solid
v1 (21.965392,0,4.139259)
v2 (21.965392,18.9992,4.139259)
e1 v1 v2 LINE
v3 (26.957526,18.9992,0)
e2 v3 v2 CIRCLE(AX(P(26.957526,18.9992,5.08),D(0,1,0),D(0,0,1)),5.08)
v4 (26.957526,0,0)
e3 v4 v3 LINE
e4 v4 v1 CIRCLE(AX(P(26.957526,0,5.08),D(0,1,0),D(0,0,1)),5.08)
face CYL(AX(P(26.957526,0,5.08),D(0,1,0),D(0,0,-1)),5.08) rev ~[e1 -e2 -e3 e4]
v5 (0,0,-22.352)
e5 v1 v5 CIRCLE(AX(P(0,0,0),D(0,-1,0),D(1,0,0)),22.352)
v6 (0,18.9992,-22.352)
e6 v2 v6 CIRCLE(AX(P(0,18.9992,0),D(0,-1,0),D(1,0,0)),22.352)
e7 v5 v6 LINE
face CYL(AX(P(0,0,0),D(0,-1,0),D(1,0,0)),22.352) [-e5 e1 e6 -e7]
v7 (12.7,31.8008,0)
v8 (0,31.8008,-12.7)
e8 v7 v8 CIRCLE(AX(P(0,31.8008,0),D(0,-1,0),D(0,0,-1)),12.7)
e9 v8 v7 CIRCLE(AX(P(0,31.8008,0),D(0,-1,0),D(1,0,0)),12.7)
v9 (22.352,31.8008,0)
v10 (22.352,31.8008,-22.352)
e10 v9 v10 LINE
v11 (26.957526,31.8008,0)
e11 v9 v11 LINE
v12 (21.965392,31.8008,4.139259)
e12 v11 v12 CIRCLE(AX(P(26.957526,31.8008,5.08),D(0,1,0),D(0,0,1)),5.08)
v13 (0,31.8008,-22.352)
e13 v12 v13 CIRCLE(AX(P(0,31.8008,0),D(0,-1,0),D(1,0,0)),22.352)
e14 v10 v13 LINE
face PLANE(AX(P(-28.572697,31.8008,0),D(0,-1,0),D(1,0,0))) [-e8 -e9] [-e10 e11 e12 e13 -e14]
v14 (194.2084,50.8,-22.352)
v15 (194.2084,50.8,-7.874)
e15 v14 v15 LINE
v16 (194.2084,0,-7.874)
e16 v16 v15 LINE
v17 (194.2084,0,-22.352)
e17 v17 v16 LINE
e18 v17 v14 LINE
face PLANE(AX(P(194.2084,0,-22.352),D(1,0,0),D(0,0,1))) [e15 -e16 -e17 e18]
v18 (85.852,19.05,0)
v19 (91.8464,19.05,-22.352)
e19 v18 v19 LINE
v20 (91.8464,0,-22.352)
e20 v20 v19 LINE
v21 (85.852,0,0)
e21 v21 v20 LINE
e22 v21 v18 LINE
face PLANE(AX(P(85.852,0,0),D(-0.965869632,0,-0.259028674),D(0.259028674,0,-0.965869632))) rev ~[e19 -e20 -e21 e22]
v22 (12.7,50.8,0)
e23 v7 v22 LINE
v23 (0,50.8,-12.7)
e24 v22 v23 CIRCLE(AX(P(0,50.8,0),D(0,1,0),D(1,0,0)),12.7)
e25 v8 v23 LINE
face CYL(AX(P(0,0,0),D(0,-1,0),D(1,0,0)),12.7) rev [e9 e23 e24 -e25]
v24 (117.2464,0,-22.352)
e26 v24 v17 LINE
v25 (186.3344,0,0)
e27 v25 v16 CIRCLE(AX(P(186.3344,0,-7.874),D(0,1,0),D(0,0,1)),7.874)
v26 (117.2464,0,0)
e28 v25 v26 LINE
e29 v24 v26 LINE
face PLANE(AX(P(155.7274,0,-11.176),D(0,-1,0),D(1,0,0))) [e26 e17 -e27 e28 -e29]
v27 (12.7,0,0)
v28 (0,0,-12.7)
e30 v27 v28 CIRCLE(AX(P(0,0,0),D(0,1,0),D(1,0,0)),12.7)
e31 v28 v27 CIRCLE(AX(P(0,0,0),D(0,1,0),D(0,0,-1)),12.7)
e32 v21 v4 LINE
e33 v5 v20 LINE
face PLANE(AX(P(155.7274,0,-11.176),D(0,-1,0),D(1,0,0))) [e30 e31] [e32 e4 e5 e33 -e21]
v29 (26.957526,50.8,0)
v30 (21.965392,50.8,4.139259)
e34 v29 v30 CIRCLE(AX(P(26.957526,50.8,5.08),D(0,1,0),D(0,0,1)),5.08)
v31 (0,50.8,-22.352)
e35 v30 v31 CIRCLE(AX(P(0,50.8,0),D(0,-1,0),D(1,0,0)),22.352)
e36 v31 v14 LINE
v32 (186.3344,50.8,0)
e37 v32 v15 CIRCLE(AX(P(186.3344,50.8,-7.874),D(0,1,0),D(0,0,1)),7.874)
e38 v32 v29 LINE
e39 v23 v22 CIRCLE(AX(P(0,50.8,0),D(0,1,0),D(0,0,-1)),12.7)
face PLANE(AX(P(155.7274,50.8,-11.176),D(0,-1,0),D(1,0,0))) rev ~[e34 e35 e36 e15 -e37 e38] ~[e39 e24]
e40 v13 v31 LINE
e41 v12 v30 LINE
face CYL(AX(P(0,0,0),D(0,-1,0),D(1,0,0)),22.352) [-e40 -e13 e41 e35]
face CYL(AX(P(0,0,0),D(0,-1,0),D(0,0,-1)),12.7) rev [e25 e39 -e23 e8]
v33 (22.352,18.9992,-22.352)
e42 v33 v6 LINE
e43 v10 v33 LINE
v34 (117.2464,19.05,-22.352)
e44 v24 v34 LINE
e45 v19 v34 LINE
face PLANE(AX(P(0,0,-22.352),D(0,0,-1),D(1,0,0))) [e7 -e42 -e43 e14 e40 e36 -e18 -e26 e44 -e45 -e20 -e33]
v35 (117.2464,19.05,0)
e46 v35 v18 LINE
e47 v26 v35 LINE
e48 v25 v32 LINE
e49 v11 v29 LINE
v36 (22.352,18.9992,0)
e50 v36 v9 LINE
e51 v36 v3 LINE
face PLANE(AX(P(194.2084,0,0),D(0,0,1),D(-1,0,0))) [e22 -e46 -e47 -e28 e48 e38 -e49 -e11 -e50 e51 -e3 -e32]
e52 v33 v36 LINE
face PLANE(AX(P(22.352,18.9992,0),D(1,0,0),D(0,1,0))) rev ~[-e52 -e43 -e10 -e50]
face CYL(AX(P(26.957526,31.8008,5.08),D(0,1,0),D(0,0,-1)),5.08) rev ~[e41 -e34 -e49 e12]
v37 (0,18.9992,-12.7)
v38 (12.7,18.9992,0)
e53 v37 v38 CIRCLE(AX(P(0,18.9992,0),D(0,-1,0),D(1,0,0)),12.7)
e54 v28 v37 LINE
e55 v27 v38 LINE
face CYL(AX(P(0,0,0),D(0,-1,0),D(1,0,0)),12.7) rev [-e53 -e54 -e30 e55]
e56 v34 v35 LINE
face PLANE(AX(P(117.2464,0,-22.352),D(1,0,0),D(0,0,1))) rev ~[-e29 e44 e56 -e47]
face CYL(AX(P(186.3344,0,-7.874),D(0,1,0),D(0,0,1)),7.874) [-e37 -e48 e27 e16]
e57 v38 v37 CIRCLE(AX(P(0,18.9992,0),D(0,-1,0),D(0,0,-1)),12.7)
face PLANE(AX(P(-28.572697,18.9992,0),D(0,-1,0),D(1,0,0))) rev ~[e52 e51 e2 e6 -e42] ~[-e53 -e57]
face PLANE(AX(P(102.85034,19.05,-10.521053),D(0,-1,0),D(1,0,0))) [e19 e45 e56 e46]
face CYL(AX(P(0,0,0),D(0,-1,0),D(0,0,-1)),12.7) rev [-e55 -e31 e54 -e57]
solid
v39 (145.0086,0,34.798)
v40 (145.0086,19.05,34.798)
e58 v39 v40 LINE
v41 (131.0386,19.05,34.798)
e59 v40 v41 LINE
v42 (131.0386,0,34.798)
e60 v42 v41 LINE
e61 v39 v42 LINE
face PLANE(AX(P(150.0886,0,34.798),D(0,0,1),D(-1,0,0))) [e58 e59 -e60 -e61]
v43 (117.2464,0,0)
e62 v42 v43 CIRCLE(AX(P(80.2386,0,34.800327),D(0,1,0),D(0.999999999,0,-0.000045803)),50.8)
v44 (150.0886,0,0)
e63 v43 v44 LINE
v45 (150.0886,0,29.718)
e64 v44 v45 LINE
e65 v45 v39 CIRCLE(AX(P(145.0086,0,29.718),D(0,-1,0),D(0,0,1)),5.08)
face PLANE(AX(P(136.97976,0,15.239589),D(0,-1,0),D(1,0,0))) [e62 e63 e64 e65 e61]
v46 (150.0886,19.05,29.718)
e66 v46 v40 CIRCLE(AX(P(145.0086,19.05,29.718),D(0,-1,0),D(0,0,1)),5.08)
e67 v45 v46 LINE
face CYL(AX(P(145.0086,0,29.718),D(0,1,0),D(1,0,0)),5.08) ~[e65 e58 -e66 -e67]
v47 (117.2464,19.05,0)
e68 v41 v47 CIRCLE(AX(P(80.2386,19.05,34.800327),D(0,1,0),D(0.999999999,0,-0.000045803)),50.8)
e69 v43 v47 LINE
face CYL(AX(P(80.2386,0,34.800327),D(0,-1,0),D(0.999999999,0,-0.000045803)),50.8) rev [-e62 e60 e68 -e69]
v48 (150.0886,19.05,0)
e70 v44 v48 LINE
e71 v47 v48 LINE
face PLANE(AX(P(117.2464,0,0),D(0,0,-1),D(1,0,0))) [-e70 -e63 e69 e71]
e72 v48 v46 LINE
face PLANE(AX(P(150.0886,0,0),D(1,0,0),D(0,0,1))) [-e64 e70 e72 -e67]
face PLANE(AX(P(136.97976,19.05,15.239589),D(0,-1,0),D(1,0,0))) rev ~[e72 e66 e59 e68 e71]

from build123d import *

# Parameters (mm, degrees)
F1_DEPTH = 50.8
F2_DEPTH = 19.05
F3_DEPTH = 19.05
F4_W     = 50.9246974253
F4_H     = 12.8016
F5_DEPTH = 25.4
F6_R     = 5.08
F7_R     = 7.874
F8_R     = 5.08


with BuildPart() as f1:
    # F0 (on Front) → F1 (new body)
    with BuildSketch(Plane.XZ):
        Polygon((117.2464, 0), (117.2464, -22.352), (194.2084, -22.352), (194.2084, 0), (150.0886, 0), align=None)
        Polygon((85.852, 0), (91.8464, -22.352), (117.2464, -22.352), (117.2464, 0), align=None)
        with BuildLine():
            ThreePointArc((22.352, 0), (-15.8052507731, 15.8052507731), (0, -22.352))
            Line((0, -22.352), (91.8464, -22.352))
            Line((91.8464, -22.352), (85.852, 0))
            Line((85.852, 0), (22.352, 0))
        make_face()
        with BuildLine():
            ThreePointArc((0, -12.7), (-8.9802561211, 8.9802561211), (12.7, 0))
            ThreePointArc((12.7, 0), (8.9802561211, -8.9802561211), (0, -12.7))
        make_face(mode=Mode.SUBTRACT)
    extrude(amount=-F1_DEPTH)

    # F0 (on Front) → F3 (cut)
    with BuildSketch(Plane.XZ):
        Polygon((85.852, 0), (91.8464, -22.352), (117.2464, -22.352), (117.2464, 0), align=None)
    extrude(amount=-F3_DEPTH, mode=Mode.SUBTRACT)

    # F4 (on face) → F5 (cut, symmetric)
    with BuildSketch(Plane.XY):
        with Locations((-3.1103487127, 25.4)):
            Rectangle(F4_W, F4_H)
    extrude(amount=F5_DEPTH, both=True, mode=Mode.SUBTRACT)

    # F6
    f6_edges = [f1.edges().sort_by_distance(p)[0] for p in [
        (22.352, 9.4996, 0),
        (22.352, 41.3004, 0),
    ]]
    fillet(f6_edges, radius=F6_R)

    # F7
    f7_edges = [f1.edges().sort_by_distance(p)[0] for p in [
        (194.2084, 25.4, 0),
    ]]
    fillet(f7_edges, radius=F7_R)


with BuildPart() as f2:
    # F0 (on Front) → F2 (new body)
    with BuildSketch(Plane.XZ):
        with BuildLine():
            ThreePointArc((131.0386, 34.798), (127.4644153616, 16.0823576341), (117.2464, 0))
            Line((117.2464, 0), (150.0886, 0))
            Line((150.0886, 0), (150.0886, 34.798))
            Line((150.0886, 34.798), (131.0386, 34.798))
        make_face()
    extrude(amount=-F2_DEPTH)

    # F8
    f8_edges = [f2.edges().sort_by_distance(p)[0] for p in [
        (150.0886, 9.525, 34.798),
    ]]
    fillet(f8_edges, radius=F8_R)


solid = Compound([f1.part, f2.part])
